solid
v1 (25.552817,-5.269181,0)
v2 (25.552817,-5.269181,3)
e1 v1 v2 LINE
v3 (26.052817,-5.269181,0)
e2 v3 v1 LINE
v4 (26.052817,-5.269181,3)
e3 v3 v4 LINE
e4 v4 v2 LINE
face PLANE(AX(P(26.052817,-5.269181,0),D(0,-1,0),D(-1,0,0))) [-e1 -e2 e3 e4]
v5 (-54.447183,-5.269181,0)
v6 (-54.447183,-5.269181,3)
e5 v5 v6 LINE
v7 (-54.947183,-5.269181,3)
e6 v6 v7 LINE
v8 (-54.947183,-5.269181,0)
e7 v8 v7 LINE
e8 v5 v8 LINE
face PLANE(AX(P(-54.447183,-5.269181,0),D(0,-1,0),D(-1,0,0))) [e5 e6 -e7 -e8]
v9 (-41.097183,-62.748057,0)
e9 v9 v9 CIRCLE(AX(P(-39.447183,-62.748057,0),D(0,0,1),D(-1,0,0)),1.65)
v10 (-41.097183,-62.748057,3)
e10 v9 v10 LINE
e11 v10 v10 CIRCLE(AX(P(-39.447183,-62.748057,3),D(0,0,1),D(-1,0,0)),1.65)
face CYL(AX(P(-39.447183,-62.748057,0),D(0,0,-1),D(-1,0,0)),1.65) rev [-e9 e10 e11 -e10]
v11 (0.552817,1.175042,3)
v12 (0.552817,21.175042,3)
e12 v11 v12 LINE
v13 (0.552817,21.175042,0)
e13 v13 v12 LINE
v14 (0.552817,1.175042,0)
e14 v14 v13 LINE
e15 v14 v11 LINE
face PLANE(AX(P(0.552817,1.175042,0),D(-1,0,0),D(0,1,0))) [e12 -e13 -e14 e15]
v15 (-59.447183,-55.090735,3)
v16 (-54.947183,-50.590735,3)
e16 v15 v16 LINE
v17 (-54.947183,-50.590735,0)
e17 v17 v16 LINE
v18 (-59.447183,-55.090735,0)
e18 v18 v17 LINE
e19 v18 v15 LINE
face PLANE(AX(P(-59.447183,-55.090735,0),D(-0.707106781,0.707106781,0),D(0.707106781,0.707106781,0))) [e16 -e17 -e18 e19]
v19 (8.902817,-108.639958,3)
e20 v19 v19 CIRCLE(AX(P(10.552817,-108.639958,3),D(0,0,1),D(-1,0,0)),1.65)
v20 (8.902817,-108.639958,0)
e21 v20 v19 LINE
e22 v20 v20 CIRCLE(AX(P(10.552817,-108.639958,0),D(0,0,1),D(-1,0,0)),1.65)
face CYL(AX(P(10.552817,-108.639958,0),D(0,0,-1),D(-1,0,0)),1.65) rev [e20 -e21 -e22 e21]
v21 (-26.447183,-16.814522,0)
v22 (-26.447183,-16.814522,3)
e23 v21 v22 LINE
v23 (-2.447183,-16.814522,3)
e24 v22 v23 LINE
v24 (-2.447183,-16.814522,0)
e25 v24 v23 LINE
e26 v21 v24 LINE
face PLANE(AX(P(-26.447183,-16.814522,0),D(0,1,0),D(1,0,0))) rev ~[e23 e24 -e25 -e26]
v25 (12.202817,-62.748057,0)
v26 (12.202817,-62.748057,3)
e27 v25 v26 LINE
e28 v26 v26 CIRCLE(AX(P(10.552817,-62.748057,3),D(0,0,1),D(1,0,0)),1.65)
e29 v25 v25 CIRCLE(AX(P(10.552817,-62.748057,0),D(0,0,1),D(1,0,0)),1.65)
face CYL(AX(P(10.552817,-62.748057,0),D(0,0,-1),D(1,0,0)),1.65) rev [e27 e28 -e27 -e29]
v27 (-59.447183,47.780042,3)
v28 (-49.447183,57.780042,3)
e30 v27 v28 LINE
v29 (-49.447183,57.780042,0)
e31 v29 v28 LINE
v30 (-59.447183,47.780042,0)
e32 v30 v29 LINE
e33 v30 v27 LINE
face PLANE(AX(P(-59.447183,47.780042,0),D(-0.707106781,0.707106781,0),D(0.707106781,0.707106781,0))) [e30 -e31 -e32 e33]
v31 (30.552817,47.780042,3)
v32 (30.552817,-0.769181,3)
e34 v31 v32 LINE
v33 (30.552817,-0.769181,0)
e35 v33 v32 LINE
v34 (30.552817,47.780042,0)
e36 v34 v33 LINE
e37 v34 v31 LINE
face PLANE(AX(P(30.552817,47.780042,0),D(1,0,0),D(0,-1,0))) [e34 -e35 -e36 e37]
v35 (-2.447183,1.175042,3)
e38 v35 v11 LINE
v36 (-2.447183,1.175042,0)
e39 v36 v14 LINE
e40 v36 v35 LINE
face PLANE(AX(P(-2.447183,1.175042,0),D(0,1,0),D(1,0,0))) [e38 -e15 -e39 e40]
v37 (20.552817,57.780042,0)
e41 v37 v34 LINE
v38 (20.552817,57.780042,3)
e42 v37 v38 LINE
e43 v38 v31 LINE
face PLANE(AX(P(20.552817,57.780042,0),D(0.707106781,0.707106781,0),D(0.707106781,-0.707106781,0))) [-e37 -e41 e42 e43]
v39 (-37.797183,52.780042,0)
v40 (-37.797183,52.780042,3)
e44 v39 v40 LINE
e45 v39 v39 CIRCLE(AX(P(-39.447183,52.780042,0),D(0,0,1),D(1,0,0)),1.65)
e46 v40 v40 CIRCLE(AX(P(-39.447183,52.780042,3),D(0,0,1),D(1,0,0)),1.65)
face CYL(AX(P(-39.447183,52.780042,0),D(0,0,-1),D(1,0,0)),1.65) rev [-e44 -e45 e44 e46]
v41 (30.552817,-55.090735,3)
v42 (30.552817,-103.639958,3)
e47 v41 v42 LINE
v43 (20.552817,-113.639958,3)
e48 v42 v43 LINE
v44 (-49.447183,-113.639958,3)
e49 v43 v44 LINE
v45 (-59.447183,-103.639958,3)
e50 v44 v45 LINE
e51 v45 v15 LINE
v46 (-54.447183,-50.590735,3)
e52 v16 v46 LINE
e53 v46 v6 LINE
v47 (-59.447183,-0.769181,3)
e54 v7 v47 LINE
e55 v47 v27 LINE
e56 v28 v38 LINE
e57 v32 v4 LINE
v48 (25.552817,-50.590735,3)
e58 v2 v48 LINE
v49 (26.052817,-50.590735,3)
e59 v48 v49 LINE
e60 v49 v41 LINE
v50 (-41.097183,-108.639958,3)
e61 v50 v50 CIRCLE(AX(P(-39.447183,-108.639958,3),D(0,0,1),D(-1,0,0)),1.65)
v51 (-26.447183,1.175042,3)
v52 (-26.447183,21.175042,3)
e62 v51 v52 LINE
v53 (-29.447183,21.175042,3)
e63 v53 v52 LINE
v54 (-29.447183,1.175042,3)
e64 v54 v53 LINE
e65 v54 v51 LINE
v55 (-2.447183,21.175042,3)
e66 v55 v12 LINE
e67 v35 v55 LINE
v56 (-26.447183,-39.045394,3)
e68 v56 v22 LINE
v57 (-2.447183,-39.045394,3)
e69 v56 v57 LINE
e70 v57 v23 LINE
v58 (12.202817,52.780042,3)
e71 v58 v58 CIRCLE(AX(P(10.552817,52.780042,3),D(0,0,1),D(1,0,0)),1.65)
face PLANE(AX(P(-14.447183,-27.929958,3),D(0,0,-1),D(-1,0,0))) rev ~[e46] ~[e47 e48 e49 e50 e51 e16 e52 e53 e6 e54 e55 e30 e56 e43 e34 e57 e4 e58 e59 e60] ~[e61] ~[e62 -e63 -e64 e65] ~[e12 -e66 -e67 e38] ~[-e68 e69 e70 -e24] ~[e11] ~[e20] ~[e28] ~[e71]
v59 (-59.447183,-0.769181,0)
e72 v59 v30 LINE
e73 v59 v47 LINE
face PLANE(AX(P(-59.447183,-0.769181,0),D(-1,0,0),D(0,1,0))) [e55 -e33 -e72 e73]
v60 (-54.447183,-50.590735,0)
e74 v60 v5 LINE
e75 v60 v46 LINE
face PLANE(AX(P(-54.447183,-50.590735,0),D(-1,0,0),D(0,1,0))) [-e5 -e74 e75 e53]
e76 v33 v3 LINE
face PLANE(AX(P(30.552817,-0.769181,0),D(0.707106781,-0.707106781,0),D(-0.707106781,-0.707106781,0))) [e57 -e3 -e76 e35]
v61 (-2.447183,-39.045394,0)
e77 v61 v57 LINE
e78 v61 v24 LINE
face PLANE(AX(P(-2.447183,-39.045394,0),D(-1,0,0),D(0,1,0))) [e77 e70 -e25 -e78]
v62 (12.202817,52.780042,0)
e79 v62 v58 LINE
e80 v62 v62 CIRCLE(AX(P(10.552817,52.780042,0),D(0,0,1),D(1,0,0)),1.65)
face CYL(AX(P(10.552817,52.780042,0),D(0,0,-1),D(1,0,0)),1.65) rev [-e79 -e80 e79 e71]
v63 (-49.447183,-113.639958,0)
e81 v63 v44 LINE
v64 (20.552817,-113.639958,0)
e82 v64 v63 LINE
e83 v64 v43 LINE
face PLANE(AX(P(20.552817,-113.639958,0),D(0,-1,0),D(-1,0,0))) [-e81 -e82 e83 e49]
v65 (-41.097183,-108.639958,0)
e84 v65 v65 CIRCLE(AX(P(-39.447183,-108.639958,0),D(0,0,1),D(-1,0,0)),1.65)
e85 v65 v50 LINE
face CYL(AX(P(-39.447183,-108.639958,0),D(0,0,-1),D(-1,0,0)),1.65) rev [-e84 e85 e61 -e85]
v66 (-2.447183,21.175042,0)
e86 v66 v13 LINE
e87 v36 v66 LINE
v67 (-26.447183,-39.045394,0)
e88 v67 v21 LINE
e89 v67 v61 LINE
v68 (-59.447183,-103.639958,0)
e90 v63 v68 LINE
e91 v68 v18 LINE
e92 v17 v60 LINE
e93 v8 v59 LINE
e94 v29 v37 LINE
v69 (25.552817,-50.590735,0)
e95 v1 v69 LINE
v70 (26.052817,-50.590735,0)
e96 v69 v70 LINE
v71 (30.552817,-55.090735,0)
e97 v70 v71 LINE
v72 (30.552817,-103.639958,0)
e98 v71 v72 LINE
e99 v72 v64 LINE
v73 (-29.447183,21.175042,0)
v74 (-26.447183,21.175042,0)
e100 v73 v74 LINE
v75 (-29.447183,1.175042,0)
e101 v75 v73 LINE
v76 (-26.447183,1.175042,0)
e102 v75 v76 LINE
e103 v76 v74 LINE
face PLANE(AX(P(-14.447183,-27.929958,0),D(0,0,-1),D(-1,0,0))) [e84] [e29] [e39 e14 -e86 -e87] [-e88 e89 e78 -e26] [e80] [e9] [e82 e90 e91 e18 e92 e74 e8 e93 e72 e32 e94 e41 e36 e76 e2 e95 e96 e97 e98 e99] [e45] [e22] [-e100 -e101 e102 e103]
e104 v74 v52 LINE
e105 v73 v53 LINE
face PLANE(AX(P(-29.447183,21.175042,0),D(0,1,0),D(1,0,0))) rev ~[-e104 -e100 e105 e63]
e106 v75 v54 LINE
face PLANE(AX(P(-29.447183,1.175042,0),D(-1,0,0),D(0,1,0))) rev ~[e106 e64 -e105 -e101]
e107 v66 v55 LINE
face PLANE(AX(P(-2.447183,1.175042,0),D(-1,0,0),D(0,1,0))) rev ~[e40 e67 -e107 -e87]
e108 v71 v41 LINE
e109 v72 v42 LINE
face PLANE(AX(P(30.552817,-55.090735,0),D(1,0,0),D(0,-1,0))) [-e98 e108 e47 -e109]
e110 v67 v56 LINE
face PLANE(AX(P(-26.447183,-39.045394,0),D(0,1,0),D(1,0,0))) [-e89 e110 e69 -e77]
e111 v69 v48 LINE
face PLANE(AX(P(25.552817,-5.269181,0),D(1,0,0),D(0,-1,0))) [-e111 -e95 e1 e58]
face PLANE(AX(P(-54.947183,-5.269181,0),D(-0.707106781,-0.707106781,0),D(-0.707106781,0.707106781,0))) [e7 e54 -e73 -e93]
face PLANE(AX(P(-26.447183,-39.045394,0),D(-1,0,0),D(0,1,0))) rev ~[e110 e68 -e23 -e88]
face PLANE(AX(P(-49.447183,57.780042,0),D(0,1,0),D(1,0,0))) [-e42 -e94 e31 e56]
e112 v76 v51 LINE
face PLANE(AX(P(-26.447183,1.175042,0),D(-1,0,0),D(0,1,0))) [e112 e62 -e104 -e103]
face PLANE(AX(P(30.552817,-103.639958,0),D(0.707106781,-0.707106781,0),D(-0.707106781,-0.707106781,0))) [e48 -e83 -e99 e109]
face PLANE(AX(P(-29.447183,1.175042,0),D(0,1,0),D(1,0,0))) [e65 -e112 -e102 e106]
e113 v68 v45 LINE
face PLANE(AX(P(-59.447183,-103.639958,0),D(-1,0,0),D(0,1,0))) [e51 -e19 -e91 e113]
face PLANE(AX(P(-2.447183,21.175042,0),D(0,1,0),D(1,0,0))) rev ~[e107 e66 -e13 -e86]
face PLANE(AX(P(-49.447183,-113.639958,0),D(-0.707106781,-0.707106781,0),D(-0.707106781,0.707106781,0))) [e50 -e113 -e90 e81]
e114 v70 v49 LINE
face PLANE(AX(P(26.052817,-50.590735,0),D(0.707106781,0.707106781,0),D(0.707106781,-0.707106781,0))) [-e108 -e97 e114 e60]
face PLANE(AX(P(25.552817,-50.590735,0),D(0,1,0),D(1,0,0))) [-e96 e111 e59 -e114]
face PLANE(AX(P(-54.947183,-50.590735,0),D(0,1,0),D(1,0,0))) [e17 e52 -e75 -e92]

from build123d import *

# Parameters (mm, degrees)
SKETCH1_R           = 1.65
SKETCH1_W           = 3
SKETCH1_H           = 20
SKETCH1_W_2         = 24
SKETCH1_H_2         = 22.230872535
BOSS_EXTRUDE2_DEPTH = 3


with BuildPart() as part:
    # Sketch1 → Boss-Extrude2 (new body)
    with BuildSketch(Plane.XY):
        Polygon((-59.447183423, 47.780041818), (-49.447183423, 57.780041818), (20.552816577, 57.780041818), (30.552816577, 47.780041818), (30.552816577, -0.7691812), (26.052816577, -5.2691812), (25.552816577, -5.2691812), (25.552816577, -50.590735163), (26.052816577, -50.590735163), (30.552816577, -55.090735163), (30.552816577, -103.639958182), (20.552816577, -113.639958182), (-49.447183423, -113.639958182), (-59.447183423, -103.639958182), (-59.447183423, -55.090735163), (-54.947183423, -50.590735163), (-54.447183423, -50.590735163), (-54.447183423, -5.2691812), (-54.947183423, -5.2691812), (-59.447183423, -0.7691812), align=None)
        with Locations((-39.447183423, 52.780041818)):
            Circle(SKETCH1_R, mode=Mode.SUBTRACT)
        with Locations((10.552816577, 52.780041818)):
            Circle(SKETCH1_R, mode=Mode.SUBTRACT)
        with Locations(Location((10.552816577, -108.639958182, 0), (0, 0, 180))):
            Circle(SKETCH1_R, mode=Mode.SUBTRACT)
        with Locations(Location((-39.447183423, -108.639958182, 0), (0, 0, 180))):
            Circle(SKETCH1_R, mode=Mode.SUBTRACT)
        with Locations((10.552816577, -62.748057161)):
            Circle(SKETCH1_R, mode=Mode.SUBTRACT)
        with Locations(Location((-39.447183423, -62.748057161, 0), (0, 0, 180))):
            Circle(SKETCH1_R, mode=Mode.SUBTRACT)
        with Locations((-27.947183423, 11.175041818)):
            Rectangle(SKETCH1_W, SKETCH1_H, mode=Mode.SUBTRACT)
        with Locations((-0.947183423, 11.175041818)):
            Rectangle(SKETCH1_W, SKETCH1_H, mode=Mode.SUBTRACT)
        with Locations((-14.447183423, -27.929958181)):
            Rectangle(SKETCH1_W_2, SKETCH1_H_2, mode=Mode.SUBTRACT)
    extrude(amount=BOSS_EXTRUDE2_DEPTH)


solid = part.part
